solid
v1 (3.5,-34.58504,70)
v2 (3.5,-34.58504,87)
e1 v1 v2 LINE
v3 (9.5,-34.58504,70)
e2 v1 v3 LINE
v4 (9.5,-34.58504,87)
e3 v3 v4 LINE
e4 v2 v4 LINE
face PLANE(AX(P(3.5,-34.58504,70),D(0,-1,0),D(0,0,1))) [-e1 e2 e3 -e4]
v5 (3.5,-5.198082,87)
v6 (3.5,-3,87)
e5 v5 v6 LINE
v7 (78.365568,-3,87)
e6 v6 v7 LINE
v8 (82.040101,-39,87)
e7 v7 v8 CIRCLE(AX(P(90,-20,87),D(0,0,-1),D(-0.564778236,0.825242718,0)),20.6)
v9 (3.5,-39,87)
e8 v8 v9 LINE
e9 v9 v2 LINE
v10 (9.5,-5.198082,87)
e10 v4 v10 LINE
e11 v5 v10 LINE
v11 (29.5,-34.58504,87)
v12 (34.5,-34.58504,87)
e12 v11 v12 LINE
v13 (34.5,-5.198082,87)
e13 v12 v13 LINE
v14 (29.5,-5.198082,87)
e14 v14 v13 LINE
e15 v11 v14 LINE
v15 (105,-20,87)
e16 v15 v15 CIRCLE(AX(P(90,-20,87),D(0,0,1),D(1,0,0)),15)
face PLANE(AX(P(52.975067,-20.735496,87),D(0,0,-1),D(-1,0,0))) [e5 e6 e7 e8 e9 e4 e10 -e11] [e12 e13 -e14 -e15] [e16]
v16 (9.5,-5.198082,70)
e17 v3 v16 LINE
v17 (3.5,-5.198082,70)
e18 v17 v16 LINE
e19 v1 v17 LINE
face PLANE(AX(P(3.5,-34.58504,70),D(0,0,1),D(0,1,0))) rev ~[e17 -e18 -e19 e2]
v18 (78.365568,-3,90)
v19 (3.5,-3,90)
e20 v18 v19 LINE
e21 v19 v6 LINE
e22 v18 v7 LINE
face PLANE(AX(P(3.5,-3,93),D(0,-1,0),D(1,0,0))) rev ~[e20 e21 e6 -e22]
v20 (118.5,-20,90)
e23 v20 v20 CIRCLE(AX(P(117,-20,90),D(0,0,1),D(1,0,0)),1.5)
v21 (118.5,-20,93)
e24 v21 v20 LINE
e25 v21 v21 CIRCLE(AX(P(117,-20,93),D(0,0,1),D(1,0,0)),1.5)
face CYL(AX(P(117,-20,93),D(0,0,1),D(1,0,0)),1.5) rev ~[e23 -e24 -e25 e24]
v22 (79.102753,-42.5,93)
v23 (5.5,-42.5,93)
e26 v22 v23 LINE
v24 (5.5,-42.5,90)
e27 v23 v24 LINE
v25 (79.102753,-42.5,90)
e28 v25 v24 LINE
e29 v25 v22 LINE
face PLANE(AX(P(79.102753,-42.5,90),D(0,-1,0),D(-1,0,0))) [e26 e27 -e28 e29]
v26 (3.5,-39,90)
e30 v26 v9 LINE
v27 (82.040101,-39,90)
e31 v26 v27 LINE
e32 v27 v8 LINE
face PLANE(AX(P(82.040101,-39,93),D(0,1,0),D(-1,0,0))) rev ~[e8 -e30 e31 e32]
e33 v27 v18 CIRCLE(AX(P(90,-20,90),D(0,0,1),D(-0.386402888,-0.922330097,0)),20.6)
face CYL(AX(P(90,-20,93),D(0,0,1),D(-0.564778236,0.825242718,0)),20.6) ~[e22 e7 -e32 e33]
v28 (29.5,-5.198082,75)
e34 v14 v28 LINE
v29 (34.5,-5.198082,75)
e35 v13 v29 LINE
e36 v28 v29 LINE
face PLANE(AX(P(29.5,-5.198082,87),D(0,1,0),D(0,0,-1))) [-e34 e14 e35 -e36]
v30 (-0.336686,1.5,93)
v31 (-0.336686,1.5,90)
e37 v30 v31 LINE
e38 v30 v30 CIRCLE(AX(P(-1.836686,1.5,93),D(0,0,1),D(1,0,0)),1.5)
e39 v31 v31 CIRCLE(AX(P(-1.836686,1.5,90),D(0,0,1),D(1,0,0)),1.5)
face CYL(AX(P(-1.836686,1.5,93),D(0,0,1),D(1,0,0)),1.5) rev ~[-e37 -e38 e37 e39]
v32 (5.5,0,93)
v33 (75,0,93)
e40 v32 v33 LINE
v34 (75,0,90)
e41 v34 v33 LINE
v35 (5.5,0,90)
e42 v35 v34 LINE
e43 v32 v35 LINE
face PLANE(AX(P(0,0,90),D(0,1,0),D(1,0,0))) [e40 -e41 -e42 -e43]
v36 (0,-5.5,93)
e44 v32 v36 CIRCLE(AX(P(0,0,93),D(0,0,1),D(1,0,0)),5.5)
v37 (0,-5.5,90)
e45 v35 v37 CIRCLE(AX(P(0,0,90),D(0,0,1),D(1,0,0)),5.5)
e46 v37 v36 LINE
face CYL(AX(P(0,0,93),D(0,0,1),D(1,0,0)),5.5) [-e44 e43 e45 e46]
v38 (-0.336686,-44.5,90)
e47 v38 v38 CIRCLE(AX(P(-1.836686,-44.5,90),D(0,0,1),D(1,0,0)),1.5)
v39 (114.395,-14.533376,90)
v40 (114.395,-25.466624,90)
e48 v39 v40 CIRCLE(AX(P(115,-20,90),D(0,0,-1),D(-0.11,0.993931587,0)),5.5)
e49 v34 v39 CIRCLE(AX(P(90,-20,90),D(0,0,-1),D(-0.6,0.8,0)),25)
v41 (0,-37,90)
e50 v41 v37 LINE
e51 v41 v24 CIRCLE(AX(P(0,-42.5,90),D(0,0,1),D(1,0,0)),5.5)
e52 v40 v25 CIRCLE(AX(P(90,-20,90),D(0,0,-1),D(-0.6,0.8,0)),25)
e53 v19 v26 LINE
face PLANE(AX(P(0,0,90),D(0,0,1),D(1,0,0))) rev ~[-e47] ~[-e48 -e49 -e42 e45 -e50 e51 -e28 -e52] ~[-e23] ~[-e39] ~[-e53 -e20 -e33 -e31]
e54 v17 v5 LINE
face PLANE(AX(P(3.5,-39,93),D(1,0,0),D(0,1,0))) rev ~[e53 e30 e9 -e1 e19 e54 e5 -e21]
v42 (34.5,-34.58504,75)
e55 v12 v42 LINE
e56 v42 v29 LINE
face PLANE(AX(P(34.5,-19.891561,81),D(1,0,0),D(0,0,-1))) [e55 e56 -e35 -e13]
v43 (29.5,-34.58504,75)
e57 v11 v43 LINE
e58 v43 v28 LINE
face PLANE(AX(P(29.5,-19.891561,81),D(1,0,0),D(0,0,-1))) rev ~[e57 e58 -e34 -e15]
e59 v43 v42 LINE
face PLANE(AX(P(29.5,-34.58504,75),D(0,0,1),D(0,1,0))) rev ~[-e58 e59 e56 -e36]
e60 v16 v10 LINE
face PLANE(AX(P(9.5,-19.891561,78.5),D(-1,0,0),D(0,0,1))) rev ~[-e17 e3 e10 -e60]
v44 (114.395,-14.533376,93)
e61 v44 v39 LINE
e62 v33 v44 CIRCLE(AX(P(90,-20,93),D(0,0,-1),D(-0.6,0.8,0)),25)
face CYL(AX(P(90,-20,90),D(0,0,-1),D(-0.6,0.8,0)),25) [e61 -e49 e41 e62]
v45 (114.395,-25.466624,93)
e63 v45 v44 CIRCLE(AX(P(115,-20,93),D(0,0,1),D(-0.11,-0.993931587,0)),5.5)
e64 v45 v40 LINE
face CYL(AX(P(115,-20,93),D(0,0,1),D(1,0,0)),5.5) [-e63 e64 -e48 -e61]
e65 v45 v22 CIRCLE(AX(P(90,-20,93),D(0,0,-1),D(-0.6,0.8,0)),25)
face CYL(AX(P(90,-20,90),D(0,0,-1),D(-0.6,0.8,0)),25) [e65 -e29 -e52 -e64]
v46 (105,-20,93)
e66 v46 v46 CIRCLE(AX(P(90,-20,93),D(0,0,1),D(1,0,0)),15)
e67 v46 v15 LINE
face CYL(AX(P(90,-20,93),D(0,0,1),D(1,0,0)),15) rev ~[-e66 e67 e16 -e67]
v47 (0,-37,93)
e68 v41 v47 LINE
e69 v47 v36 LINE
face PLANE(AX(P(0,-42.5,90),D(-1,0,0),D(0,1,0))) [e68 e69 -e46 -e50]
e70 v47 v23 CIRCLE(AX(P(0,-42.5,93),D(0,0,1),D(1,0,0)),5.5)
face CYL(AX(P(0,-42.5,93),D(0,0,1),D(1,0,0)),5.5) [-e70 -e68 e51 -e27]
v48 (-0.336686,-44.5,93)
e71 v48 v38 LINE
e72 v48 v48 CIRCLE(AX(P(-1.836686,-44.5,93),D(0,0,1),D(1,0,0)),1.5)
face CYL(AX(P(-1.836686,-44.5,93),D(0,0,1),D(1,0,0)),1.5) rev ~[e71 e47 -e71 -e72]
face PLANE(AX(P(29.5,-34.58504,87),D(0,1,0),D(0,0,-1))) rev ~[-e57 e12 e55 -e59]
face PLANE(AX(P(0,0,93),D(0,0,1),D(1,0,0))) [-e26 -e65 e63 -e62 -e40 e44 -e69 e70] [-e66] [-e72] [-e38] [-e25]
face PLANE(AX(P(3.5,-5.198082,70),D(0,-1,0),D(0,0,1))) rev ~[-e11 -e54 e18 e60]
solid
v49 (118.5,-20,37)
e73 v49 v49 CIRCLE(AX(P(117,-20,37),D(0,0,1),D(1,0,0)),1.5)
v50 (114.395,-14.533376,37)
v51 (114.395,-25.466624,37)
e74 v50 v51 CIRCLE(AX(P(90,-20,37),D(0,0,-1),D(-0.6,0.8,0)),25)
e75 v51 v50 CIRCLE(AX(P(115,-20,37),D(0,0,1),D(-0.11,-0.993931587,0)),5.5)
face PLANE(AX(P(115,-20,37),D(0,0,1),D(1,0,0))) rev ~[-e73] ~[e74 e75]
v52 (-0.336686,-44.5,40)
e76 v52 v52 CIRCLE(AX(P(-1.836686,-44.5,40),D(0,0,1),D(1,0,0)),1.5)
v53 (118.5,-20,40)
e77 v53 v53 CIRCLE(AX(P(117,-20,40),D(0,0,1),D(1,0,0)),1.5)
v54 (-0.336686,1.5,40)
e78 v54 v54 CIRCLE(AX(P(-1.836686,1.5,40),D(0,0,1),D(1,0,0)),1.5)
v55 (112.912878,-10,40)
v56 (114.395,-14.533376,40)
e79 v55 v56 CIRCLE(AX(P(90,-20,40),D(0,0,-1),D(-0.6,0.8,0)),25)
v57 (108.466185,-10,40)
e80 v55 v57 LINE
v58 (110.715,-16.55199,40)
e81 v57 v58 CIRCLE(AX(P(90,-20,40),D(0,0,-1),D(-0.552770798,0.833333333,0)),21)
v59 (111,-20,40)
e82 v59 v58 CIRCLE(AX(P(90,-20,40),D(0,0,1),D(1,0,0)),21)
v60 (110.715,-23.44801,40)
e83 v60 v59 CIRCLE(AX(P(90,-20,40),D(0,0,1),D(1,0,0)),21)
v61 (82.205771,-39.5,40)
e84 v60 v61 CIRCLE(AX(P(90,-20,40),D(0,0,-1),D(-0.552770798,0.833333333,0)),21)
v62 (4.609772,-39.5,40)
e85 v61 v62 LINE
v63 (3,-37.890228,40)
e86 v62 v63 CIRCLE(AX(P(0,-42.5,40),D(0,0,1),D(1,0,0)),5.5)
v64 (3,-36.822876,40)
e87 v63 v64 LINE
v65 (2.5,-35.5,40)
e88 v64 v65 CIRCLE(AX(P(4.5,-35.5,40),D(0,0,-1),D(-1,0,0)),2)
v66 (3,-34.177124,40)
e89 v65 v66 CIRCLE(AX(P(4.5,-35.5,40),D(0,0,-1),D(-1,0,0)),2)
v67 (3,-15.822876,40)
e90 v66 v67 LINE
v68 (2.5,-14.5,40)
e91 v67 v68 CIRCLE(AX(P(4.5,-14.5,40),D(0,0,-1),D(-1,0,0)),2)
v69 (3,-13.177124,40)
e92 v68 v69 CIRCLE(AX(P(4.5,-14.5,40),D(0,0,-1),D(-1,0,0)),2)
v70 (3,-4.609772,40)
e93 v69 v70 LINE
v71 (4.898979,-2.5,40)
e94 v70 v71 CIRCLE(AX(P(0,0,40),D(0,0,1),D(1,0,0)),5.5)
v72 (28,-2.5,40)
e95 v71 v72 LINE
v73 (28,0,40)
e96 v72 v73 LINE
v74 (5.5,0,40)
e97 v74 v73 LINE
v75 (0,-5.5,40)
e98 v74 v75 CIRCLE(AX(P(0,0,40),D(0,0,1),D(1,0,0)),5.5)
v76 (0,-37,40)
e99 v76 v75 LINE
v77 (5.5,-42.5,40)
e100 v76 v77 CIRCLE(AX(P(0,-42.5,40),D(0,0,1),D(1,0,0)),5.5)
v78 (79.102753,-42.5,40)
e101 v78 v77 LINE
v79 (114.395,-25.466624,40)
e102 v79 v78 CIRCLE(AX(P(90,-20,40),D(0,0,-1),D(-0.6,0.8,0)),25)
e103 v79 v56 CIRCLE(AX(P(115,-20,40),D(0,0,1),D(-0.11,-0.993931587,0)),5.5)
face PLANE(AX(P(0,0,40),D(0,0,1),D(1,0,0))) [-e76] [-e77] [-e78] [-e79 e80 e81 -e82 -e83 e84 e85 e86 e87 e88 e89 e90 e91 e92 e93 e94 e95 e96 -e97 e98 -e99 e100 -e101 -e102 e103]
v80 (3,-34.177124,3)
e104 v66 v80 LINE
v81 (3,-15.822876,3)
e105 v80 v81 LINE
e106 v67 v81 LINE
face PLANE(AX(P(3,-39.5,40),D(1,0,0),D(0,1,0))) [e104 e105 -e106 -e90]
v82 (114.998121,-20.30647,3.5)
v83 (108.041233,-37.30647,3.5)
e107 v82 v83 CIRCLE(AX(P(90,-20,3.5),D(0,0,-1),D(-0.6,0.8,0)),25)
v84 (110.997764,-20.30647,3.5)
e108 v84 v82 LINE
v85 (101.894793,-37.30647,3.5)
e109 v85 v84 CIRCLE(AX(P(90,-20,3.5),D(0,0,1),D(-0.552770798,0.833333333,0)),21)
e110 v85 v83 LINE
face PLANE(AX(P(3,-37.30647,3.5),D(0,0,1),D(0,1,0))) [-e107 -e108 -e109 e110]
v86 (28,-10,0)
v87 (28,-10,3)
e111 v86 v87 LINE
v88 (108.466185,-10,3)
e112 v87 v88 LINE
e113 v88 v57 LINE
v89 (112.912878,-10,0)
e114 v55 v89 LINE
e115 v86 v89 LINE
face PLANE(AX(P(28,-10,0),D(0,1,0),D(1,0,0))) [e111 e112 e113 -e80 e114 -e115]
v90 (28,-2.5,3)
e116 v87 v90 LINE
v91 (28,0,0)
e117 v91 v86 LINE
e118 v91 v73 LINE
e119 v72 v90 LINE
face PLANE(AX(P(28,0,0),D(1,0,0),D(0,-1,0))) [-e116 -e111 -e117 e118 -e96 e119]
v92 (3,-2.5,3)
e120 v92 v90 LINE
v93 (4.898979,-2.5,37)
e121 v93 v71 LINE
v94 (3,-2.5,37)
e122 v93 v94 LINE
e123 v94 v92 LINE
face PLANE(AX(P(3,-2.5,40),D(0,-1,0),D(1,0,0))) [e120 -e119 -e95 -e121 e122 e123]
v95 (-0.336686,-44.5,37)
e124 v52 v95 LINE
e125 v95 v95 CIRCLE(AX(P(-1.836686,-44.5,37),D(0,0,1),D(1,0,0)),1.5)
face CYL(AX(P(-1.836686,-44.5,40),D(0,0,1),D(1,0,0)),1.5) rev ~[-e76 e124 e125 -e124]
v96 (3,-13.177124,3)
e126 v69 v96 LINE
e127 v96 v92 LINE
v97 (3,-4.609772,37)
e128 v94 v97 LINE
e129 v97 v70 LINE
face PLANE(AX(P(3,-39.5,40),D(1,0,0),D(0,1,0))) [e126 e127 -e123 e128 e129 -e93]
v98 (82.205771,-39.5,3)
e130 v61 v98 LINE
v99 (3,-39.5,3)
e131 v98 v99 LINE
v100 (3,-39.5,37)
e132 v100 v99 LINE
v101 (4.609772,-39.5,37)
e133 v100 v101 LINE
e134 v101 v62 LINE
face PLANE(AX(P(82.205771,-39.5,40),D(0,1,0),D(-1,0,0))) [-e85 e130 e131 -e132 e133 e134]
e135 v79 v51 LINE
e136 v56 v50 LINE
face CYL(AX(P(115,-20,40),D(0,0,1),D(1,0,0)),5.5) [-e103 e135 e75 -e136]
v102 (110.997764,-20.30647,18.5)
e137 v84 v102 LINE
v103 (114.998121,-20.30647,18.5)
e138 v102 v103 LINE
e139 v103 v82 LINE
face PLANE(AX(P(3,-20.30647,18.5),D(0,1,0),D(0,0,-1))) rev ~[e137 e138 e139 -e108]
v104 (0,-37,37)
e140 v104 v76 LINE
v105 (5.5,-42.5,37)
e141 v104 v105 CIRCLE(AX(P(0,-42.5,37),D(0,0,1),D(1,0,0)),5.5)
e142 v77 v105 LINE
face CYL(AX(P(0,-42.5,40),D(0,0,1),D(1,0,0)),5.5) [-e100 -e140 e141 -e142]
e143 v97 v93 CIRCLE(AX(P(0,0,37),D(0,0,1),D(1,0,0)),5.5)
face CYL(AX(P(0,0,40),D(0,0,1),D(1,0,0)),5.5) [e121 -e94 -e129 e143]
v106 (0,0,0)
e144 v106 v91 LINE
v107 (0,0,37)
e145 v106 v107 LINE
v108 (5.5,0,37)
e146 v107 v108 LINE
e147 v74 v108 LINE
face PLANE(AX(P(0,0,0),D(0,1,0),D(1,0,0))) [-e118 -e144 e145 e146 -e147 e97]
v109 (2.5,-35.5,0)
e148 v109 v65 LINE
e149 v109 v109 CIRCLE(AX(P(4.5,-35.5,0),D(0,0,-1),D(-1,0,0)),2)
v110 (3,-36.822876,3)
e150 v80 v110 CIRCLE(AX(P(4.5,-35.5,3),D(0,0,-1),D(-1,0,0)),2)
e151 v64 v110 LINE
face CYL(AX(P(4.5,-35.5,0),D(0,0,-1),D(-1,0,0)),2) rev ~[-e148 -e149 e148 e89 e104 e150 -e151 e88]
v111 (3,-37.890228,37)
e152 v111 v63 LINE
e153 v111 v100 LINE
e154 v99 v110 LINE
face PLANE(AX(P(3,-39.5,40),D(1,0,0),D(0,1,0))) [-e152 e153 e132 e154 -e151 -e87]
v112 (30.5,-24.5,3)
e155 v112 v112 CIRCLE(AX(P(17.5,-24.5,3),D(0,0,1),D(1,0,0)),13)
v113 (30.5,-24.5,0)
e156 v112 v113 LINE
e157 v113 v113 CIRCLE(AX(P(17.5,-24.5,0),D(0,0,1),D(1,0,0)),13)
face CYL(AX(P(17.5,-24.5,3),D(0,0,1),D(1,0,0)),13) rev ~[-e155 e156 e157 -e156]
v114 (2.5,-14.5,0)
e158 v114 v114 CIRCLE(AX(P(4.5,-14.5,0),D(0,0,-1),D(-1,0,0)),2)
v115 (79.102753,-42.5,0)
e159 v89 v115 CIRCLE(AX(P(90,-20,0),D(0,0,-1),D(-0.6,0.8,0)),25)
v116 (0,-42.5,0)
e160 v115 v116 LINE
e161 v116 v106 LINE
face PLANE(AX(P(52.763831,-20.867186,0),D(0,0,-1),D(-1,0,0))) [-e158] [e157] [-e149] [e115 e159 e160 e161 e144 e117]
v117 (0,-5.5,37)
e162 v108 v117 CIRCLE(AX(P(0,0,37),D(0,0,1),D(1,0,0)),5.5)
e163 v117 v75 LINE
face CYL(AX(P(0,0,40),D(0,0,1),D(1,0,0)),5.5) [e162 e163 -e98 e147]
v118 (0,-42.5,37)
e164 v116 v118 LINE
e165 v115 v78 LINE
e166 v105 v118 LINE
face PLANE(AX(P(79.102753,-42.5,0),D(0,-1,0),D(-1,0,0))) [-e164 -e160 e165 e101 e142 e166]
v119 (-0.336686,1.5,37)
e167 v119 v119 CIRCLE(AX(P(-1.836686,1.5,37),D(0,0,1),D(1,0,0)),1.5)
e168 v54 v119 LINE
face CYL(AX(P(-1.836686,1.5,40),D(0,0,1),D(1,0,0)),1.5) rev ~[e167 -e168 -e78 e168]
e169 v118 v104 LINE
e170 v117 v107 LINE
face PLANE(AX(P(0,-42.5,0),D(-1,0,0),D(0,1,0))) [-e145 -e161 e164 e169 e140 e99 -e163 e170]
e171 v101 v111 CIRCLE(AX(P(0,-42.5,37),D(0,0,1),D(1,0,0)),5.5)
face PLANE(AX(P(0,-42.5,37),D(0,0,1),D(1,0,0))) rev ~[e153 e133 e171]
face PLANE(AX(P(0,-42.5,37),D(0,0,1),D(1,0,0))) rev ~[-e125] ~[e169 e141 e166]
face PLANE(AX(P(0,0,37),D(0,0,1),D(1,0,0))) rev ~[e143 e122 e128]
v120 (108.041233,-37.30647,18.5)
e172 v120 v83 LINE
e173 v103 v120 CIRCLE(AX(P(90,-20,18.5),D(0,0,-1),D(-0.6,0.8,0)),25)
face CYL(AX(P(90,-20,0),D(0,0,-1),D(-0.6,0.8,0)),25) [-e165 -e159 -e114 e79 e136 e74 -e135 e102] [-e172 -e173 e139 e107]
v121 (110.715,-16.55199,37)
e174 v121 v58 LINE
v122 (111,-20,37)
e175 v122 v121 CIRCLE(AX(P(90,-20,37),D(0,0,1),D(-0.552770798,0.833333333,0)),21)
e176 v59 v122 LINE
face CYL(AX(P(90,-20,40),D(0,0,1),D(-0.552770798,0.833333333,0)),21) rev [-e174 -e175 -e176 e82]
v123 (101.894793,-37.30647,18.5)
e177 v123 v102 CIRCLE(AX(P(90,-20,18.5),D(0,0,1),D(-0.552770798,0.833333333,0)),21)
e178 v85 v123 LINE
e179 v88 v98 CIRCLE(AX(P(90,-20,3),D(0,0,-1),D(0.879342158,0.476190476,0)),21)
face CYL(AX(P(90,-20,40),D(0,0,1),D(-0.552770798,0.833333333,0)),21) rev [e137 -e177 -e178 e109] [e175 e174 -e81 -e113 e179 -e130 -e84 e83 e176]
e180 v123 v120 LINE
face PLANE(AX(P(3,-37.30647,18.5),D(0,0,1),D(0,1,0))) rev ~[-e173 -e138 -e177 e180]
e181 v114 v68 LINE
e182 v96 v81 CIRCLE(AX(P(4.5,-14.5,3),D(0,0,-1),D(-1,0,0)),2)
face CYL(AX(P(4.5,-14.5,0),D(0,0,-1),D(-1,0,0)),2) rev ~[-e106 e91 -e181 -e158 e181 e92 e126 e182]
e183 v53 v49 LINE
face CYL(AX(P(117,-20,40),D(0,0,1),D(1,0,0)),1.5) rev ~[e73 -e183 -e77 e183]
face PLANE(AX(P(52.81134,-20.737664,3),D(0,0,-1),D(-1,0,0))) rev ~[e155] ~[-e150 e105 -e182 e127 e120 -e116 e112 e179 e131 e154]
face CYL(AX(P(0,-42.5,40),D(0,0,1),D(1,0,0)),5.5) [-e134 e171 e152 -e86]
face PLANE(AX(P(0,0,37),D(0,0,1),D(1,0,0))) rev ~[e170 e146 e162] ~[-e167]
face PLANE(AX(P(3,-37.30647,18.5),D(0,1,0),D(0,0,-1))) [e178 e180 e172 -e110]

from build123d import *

# Parameters (mm, degrees)
BOSS_EXTRUDE1_DEPTH = 40
CUT_EXTRUDE1_DEPTH  = 37
CUT_EXTRUDE7_REACH  = 131.808
SKETCH4_R           = 13
CUT_EXTRUDE4_DEPTH  = 20
SKETCH14_W          = 15
SKETCH14_H          = 17
CUT_EXTRUDE12_DEPTH = 128.157382798
BOSS_EXTRUDE2_DEPTH = 3
BOSS_EXTRUDE3_DEPTH = 6
SKETCH18_W          = 17
SKETCH18_H          = 29.386957978
BOSS_EXTRUDE4_DEPTH = 6
SKETCH19_R          = 15
CUT_EXTRUDE13_DEPTH = 6
SKETCH20_R          = 5.5
SKETCH20_R_2        = 1.5
BOSS_EXTRUDE5_DEPTH = 3
SKETCH21_R          = 5.5
SKETCH21_R_2        = 1.5
BOSS_EXTRUDE6_DEPTH = 3
CUT_EXTRUDE14_START = 66
SKETCH22_R          = 21
CUT_EXTRUDE14_DEPTH = 66
SKETCH23_R          = 2
CUT_EXTRUDE15_DEPTH = 40
BOSS_EXTRUDE7_START = 20
SKETCH24_W          = 12
SKETCH24_H          = 29.386957978
BOSS_EXTRUDE7_DEPTH = 5


with BuildPart() as part:
    # Sketch1 → Boss-Extrude1 (new body)
    with BuildSketch(Plane.XY):
        with BuildLine():
            Line((0, 0), (75, 0))
            ThreePointArc((75, 0), (114.884319464, -17.597783355), (79.102752641, -42.5))
            Line((79.102752641, -42.5), (0, -42.5))
            Line((0, -42.5), (0, 0))
        make_face()
    extrude(amount=BOSS_EXTRUDE1_DEPTH)

    # Sketch2 → Cut-Extrude1 (cut)
    with BuildSketch(Plane.XY.offset(40)):
        with BuildLine():
            Line((3, -2.5), (78.391813234, -2.5))
            ThreePointArc((78.391813234, -2.5), (110.889313795, -17.846730588), (82.205771366, -39.5))
            Line((82.205771366, -39.5), (3, -39.5))
            Line((3, -39.5), (3, -2.5))
        make_face()
    extrude(amount=-CUT_EXTRUDE1_DEPTH, mode=Mode.SUBTRACT)

    # Sketch8 → Cut-Extrude7 (cut, up to next)
    with BuildSketch(Plane(origin=(0, 0, 0), x_dir=(-1, 0, 0), z_dir=(0, 0, -1)), mode=Mode.PRIVATE) as cut_extrude7_sk1:
        Polygon((-66.329094804, 0), (-28, 0), (-28, -10), (-118, -10), (-118, 0), (-118, 13.355508048), (-66.329094804, 13.355508048), align=None)
    cut_extrude7_tool1 = extrude(cut_extrude7_sk1.sketch, amount=-CUT_EXTRUDE7_REACH, mode=Mode.PRIVATE) & part.part
    add(cut_extrude7_tool1.solids().sort_by_distance((81.317312, 0.068084, 0))[0], mode=Mode.SUBTRACT)

    # Sketch4 → Cut-Extrude4 (cut)
    with BuildSketch(Plane.XY.offset(3)):
        with Locations((17.5, -24.5)):
            Circle(SKETCH4_R)
    extrude(amount=-CUT_EXTRUDE4_DEPTH, mode=Mode.SUBTRACT)

    # Sketch14 → Cut-Extrude12 (cut, through all)
    with BuildSketch(Plane(origin=(3, 0, 0), x_dir=(0, 0, -1), z_dir=(1, 0, 0))):
        with Locations((-11, -28.806469784)):
            Rectangle(SKETCH14_W, SKETCH14_H)
    extrude(amount=CUT_EXTRUDE12_DEPTH, mode=Mode.SUBTRACT)

    # Sketch21 → Boss-Extrude6 (add)
    # profile 1 of 3: a face of its own
    with BuildSketch(Plane.XY.offset(40)):
        Circle(SKETCH21_R)
        with Locations((-1.836686141, 1.5)):
            Circle(SKETCH21_R_2, mode=Mode.SUBTRACT)
    # profile 2 of 3: a face of its own
    with BuildSketch(Plane.XY.offset(40)):
        with Locations((0, -42.5)):
            Circle(SKETCH21_R)
        with Locations((-1.836686141, -44.5)):
            Circle(SKETCH21_R_2, mode=Mode.SUBTRACT)
    # profile 3 of 3: a face of its own
    with BuildSketch(Plane.XY.offset(40)):
        with Locations((115, -20)):
            Circle(SKETCH21_R)
        with Locations((117, -20)):
            Circle(SKETCH21_R_2, mode=Mode.SUBTRACT)
    extrude(amount=-BOSS_EXTRUDE6_DEPTH)

    # Sketch22 → Cut-Extrude14 (cut)
    with BuildSketch(Plane.XY.offset(3).offset(CUT_EXTRUDE14_START)):
        with Locations((90, -20)):
            Circle(SKETCH22_R)
    extrude(amount=-CUT_EXTRUDE14_DEPTH, mode=Mode.SUBTRACT)

    # Sketch23 → Cut-Extrude15 (cut)
    with BuildSketch(Plane(origin=(0, 0, 0), x_dir=(-1, 0, 0), z_dir=(0, 0, -1))):
        with Locations((-4.5, -35.5)):
            Circle(SKETCH23_R)
        with Locations((-4.5, -14.5)):
            Circle(SKETCH23_R)
    extrude(amount=-CUT_EXTRUDE15_DEPTH, mode=Mode.SUBTRACT)


with BuildPart() as body_2:
    # Sketch15 → Boss-Extrude2 (new body)
    with BuildSketch(Plane.XY.offset(90)):
        with BuildLine():
            Line((0, 0), (75, 0))
            ThreePointArc((75, 0), (114.884319464, -17.597783355), (79.102752641, -42.5))
            Line((79.102752641, -42.5), (0, -42.5))
            Line((0, -42.5), (0, 0))
        make_face()
    extrude(amount=BOSS_EXTRUDE2_DEPTH)

    # Sketch17 → Boss-Extrude3 (add)
    with BuildSketch(Plane.XY.offset(93)):
        with BuildLine():
            Line((3.5, -3), (78.365568342, -3))
            ThreePointArc((78.365568342, -3), (110.493522229, -17.908219263), (82.040100503, -39))
            Line((82.040100503, -39), (3.5, -39))
            Line((3.5, -39), (3.5, -3))
        make_face()
    extrude(amount=-BOSS_EXTRUDE3_DEPTH)

    # Sketch18 → Boss-Extrude4 (add)
    with BuildSketch(Plane.ZY.offset(-3.5)):
        with Locations((78.5, -19.891561041)):
            Rectangle(SKETCH18_W, SKETCH18_H)
    extrude(amount=-BOSS_EXTRUDE4_DEPTH)

    # Sketch19 → Cut-Extrude13 (cut)
    with BuildSketch(Plane.XY.offset(93)):
        with Locations((90, -20)):
            Circle(SKETCH19_R)
    extrude(amount=-CUT_EXTRUDE13_DEPTH, mode=Mode.SUBTRACT)

    # Sketch20 → Boss-Extrude5 (add)
    # profile 1 of 3: a face of its own
    with BuildSketch(Plane.XY.offset(93)):
        Circle(SKETCH20_R)
        with Locations((-1.836686141, 1.5)):
            Circle(SKETCH20_R_2, mode=Mode.SUBTRACT)
    # profile 2 of 3: a face of its own
    with BuildSketch(Plane.XY.offset(93)):
        with Locations((0, -42.5)):
            Circle(SKETCH20_R)
        with Locations((-1.836686141, -44.5)):
            Circle(SKETCH20_R_2, mode=Mode.SUBTRACT)
    # profile 3 of 3: a face of its own
    with BuildSketch(Plane.XY.offset(93)):
        with Locations((115, -20)):
            Circle(SKETCH20_R)
        with Locations((117, -20)):
            Circle(SKETCH20_R_2, mode=Mode.SUBTRACT)
    extrude(amount=-BOSS_EXTRUDE5_DEPTH)

    # Sketch24 → Boss-Extrude7 (add)
    with BuildSketch(Plane(origin=(9.5, 0, 0), x_dir=(0, 0, -1), z_dir=(1, 0, 0)).offset(BOSS_EXTRUDE7_START)):
        with Locations((-81, -19.891561041)):
            Rectangle(SKETCH24_W, SKETCH24_H)
    extrude(amount=BOSS_EXTRUDE7_DEPTH)


solid = Compound([part.part, body_2.part])
